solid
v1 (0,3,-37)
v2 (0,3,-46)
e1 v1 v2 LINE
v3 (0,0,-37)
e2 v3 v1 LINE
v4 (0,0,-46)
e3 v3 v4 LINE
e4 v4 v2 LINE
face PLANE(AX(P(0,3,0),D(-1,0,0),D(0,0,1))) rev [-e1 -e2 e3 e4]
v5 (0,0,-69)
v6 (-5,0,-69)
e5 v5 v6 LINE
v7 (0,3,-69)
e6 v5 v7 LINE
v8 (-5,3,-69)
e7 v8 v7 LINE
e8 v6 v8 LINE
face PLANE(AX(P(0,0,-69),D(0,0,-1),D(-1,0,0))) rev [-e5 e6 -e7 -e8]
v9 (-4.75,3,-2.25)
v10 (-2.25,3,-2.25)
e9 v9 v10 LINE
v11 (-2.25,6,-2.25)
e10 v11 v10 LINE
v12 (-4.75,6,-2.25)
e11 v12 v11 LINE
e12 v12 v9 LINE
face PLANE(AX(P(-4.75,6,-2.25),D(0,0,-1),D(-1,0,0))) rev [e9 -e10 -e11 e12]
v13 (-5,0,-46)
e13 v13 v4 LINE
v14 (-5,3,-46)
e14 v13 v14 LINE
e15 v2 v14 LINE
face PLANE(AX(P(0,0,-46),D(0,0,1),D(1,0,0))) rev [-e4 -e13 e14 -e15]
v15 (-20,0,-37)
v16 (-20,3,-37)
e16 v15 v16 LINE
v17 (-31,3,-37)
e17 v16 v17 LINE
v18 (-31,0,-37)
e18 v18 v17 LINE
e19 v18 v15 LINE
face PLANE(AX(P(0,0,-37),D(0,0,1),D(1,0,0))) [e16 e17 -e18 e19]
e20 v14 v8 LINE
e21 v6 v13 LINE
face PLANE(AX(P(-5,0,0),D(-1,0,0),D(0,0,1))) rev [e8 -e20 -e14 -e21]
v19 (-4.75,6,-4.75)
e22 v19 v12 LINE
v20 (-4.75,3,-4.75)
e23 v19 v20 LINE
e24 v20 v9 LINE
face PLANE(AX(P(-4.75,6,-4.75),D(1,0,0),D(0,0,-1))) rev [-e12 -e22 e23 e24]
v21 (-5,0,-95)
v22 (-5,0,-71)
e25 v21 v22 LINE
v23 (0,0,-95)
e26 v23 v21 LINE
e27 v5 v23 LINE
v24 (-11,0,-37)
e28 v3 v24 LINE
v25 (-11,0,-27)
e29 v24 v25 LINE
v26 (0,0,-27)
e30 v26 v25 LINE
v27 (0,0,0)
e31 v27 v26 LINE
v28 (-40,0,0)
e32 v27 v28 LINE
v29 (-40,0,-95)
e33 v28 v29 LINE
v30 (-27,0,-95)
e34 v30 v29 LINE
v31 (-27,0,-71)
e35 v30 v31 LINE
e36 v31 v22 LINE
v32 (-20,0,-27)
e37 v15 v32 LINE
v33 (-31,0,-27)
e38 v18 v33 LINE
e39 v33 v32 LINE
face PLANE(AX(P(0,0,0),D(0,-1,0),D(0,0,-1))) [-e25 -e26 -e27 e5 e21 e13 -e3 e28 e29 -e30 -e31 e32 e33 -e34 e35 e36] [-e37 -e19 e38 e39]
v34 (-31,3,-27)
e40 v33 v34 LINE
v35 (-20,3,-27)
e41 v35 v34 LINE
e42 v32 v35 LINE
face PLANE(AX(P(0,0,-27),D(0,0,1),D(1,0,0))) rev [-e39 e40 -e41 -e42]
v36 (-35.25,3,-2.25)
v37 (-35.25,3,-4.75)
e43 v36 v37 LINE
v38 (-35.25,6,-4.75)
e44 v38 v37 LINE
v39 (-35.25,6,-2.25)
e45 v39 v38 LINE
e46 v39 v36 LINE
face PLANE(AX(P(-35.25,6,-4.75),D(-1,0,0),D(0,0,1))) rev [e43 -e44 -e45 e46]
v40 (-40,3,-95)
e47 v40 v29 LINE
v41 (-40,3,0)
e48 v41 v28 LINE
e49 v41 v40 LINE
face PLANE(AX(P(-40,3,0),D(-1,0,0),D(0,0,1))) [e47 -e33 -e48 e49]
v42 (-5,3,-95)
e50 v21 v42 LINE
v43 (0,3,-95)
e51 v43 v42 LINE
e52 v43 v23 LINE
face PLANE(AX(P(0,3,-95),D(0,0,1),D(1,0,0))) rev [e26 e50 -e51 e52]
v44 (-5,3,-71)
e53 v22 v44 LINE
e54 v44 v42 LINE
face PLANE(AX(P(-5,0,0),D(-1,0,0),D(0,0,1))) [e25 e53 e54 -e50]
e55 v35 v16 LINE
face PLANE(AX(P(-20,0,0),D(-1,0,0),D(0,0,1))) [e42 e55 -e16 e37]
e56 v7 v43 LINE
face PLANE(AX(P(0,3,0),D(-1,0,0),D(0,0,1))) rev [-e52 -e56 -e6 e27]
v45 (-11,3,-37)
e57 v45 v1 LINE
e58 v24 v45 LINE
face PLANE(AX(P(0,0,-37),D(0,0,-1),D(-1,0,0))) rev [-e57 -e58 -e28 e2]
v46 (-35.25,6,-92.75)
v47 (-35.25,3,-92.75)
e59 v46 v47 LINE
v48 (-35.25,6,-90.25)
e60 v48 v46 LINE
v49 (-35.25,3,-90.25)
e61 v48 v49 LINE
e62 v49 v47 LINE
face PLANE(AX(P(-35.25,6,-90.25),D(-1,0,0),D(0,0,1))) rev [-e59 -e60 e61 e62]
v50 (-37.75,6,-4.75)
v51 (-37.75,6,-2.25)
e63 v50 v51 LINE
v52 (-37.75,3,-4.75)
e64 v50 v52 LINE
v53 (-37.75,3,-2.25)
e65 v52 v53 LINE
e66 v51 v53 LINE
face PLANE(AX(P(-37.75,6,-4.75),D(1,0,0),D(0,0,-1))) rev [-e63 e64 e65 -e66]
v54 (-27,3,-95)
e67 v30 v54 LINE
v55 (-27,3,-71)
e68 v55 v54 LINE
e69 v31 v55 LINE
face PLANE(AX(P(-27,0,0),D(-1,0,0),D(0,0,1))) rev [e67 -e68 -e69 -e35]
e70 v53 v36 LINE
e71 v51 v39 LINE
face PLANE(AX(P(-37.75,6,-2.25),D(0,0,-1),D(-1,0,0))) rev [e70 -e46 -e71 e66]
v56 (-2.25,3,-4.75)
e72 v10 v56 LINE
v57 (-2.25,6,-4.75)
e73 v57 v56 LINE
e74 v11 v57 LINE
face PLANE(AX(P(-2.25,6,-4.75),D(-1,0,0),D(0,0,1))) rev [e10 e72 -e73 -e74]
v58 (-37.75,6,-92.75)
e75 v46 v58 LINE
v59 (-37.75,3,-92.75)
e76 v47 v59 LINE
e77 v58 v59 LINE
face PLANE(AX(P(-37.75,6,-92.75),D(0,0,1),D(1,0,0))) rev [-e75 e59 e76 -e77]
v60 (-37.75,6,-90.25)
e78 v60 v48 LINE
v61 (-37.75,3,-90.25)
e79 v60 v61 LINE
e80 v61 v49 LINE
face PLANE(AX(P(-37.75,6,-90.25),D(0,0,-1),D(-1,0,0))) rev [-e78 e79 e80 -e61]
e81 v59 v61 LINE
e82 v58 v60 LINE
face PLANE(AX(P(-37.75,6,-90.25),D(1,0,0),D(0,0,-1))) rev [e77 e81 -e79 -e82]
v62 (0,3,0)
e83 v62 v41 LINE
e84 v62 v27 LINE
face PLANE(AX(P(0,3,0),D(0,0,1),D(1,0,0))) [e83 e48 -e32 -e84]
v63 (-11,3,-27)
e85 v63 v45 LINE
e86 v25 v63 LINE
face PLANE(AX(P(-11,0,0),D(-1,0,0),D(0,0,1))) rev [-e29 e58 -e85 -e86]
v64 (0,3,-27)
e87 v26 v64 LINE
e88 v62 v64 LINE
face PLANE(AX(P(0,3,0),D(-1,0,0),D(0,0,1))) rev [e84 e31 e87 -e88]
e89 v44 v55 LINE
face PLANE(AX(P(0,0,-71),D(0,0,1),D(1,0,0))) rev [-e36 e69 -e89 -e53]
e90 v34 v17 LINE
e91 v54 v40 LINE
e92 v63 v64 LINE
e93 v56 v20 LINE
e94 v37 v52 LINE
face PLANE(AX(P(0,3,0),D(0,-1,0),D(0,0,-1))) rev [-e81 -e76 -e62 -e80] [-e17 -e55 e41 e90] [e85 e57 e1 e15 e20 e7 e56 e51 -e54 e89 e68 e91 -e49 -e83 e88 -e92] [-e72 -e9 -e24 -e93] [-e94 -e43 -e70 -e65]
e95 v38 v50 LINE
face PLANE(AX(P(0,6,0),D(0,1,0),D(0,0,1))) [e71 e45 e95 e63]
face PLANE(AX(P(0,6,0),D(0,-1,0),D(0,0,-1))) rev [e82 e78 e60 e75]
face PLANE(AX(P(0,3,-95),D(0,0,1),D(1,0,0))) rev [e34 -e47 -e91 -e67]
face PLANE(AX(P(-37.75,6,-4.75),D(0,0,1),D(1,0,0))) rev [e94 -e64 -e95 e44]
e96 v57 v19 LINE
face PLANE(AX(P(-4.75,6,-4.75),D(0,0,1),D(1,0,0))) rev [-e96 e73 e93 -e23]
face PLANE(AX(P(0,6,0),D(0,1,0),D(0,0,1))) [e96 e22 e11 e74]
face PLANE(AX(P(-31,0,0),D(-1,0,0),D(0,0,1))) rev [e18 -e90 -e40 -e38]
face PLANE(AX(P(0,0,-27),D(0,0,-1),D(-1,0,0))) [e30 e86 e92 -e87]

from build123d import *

# Parameters (mm, degrees)
SKETCH1_W               = 40
SKETCH1_H               = 95
BOSS_EXTRUDE1_DEPTH     = 3
SKETCH2_W               = 2.5
SKETCH2_H               = 2.5
BOSS_EXTRUDE2_DEPTH     = 3
CUT_EXTRUDE1_DEPTH      = 104.121287812
CUT_EXTRUDE1_DEPTH_BACK = 104.121287812
SKETCH3_W               = 22
SKETCH3_H               = 24
SKETCH3_W_2             = 5
SKETCH3_H_2             = 23
SKETCH3_W_3             = 11
SKETCH3_H_3             = 10


with BuildPart() as part:
    # Sketch1 → Boss-Extrude1 (new body)
    with BuildSketch(Plane(origin=(0, 0, 0), x_dir=(1, 0, 0), z_dir=(0, 1, 0))):
        with Locations((-20, 47.5)):
            Rectangle(SKETCH1_W, SKETCH1_H)
    extrude(amount=BOSS_EXTRUDE1_DEPTH)

    # Sketch2 → Boss-Extrude2 (add)
    with BuildSketch(Plane(origin=(0, 3, 0), x_dir=(1, 0, 0), z_dir=(0, 1, 0))):
        with Locations((-3.5, 3.5)):
            Rectangle(SKETCH2_W, SKETCH2_H)
        with Locations((-36.5, 3.5)):
            Rectangle(SKETCH2_W, SKETCH2_H)
        with Locations((-36.5, 91.5)):
            Rectangle(SKETCH2_W, SKETCH2_H)
    extrude(amount=BOSS_EXTRUDE2_DEPTH)

    # Sketch3 → Cut-Extrude1 (cut, two sides: drawn at the far end of the back side and taken through both)
    with BuildSketch(Plane(origin=(0, 3, 0), x_dir=(1, 0, 0), z_dir=(0, 1, 0)).offset(-CUT_EXTRUDE1_DEPTH_BACK)):
        with Locations((-16, 83)):
            Rectangle(SKETCH3_W, SKETCH3_H)
        with Locations((-2.5, 57.5)):
            Rectangle(SKETCH3_W_2, SKETCH3_H_2)
        with Locations((-5.5, 32)):
            Rectangle(SKETCH3_W_3, SKETCH3_H_3)
        with Locations((-25.5, 32)):
            Rectangle(SKETCH3_W_3, SKETCH3_H_3)
    extrude(amount=CUT_EXTRUDE1_DEPTH + CUT_EXTRUDE1_DEPTH_BACK, mode=Mode.SUBTRACT)


solid = part.part
